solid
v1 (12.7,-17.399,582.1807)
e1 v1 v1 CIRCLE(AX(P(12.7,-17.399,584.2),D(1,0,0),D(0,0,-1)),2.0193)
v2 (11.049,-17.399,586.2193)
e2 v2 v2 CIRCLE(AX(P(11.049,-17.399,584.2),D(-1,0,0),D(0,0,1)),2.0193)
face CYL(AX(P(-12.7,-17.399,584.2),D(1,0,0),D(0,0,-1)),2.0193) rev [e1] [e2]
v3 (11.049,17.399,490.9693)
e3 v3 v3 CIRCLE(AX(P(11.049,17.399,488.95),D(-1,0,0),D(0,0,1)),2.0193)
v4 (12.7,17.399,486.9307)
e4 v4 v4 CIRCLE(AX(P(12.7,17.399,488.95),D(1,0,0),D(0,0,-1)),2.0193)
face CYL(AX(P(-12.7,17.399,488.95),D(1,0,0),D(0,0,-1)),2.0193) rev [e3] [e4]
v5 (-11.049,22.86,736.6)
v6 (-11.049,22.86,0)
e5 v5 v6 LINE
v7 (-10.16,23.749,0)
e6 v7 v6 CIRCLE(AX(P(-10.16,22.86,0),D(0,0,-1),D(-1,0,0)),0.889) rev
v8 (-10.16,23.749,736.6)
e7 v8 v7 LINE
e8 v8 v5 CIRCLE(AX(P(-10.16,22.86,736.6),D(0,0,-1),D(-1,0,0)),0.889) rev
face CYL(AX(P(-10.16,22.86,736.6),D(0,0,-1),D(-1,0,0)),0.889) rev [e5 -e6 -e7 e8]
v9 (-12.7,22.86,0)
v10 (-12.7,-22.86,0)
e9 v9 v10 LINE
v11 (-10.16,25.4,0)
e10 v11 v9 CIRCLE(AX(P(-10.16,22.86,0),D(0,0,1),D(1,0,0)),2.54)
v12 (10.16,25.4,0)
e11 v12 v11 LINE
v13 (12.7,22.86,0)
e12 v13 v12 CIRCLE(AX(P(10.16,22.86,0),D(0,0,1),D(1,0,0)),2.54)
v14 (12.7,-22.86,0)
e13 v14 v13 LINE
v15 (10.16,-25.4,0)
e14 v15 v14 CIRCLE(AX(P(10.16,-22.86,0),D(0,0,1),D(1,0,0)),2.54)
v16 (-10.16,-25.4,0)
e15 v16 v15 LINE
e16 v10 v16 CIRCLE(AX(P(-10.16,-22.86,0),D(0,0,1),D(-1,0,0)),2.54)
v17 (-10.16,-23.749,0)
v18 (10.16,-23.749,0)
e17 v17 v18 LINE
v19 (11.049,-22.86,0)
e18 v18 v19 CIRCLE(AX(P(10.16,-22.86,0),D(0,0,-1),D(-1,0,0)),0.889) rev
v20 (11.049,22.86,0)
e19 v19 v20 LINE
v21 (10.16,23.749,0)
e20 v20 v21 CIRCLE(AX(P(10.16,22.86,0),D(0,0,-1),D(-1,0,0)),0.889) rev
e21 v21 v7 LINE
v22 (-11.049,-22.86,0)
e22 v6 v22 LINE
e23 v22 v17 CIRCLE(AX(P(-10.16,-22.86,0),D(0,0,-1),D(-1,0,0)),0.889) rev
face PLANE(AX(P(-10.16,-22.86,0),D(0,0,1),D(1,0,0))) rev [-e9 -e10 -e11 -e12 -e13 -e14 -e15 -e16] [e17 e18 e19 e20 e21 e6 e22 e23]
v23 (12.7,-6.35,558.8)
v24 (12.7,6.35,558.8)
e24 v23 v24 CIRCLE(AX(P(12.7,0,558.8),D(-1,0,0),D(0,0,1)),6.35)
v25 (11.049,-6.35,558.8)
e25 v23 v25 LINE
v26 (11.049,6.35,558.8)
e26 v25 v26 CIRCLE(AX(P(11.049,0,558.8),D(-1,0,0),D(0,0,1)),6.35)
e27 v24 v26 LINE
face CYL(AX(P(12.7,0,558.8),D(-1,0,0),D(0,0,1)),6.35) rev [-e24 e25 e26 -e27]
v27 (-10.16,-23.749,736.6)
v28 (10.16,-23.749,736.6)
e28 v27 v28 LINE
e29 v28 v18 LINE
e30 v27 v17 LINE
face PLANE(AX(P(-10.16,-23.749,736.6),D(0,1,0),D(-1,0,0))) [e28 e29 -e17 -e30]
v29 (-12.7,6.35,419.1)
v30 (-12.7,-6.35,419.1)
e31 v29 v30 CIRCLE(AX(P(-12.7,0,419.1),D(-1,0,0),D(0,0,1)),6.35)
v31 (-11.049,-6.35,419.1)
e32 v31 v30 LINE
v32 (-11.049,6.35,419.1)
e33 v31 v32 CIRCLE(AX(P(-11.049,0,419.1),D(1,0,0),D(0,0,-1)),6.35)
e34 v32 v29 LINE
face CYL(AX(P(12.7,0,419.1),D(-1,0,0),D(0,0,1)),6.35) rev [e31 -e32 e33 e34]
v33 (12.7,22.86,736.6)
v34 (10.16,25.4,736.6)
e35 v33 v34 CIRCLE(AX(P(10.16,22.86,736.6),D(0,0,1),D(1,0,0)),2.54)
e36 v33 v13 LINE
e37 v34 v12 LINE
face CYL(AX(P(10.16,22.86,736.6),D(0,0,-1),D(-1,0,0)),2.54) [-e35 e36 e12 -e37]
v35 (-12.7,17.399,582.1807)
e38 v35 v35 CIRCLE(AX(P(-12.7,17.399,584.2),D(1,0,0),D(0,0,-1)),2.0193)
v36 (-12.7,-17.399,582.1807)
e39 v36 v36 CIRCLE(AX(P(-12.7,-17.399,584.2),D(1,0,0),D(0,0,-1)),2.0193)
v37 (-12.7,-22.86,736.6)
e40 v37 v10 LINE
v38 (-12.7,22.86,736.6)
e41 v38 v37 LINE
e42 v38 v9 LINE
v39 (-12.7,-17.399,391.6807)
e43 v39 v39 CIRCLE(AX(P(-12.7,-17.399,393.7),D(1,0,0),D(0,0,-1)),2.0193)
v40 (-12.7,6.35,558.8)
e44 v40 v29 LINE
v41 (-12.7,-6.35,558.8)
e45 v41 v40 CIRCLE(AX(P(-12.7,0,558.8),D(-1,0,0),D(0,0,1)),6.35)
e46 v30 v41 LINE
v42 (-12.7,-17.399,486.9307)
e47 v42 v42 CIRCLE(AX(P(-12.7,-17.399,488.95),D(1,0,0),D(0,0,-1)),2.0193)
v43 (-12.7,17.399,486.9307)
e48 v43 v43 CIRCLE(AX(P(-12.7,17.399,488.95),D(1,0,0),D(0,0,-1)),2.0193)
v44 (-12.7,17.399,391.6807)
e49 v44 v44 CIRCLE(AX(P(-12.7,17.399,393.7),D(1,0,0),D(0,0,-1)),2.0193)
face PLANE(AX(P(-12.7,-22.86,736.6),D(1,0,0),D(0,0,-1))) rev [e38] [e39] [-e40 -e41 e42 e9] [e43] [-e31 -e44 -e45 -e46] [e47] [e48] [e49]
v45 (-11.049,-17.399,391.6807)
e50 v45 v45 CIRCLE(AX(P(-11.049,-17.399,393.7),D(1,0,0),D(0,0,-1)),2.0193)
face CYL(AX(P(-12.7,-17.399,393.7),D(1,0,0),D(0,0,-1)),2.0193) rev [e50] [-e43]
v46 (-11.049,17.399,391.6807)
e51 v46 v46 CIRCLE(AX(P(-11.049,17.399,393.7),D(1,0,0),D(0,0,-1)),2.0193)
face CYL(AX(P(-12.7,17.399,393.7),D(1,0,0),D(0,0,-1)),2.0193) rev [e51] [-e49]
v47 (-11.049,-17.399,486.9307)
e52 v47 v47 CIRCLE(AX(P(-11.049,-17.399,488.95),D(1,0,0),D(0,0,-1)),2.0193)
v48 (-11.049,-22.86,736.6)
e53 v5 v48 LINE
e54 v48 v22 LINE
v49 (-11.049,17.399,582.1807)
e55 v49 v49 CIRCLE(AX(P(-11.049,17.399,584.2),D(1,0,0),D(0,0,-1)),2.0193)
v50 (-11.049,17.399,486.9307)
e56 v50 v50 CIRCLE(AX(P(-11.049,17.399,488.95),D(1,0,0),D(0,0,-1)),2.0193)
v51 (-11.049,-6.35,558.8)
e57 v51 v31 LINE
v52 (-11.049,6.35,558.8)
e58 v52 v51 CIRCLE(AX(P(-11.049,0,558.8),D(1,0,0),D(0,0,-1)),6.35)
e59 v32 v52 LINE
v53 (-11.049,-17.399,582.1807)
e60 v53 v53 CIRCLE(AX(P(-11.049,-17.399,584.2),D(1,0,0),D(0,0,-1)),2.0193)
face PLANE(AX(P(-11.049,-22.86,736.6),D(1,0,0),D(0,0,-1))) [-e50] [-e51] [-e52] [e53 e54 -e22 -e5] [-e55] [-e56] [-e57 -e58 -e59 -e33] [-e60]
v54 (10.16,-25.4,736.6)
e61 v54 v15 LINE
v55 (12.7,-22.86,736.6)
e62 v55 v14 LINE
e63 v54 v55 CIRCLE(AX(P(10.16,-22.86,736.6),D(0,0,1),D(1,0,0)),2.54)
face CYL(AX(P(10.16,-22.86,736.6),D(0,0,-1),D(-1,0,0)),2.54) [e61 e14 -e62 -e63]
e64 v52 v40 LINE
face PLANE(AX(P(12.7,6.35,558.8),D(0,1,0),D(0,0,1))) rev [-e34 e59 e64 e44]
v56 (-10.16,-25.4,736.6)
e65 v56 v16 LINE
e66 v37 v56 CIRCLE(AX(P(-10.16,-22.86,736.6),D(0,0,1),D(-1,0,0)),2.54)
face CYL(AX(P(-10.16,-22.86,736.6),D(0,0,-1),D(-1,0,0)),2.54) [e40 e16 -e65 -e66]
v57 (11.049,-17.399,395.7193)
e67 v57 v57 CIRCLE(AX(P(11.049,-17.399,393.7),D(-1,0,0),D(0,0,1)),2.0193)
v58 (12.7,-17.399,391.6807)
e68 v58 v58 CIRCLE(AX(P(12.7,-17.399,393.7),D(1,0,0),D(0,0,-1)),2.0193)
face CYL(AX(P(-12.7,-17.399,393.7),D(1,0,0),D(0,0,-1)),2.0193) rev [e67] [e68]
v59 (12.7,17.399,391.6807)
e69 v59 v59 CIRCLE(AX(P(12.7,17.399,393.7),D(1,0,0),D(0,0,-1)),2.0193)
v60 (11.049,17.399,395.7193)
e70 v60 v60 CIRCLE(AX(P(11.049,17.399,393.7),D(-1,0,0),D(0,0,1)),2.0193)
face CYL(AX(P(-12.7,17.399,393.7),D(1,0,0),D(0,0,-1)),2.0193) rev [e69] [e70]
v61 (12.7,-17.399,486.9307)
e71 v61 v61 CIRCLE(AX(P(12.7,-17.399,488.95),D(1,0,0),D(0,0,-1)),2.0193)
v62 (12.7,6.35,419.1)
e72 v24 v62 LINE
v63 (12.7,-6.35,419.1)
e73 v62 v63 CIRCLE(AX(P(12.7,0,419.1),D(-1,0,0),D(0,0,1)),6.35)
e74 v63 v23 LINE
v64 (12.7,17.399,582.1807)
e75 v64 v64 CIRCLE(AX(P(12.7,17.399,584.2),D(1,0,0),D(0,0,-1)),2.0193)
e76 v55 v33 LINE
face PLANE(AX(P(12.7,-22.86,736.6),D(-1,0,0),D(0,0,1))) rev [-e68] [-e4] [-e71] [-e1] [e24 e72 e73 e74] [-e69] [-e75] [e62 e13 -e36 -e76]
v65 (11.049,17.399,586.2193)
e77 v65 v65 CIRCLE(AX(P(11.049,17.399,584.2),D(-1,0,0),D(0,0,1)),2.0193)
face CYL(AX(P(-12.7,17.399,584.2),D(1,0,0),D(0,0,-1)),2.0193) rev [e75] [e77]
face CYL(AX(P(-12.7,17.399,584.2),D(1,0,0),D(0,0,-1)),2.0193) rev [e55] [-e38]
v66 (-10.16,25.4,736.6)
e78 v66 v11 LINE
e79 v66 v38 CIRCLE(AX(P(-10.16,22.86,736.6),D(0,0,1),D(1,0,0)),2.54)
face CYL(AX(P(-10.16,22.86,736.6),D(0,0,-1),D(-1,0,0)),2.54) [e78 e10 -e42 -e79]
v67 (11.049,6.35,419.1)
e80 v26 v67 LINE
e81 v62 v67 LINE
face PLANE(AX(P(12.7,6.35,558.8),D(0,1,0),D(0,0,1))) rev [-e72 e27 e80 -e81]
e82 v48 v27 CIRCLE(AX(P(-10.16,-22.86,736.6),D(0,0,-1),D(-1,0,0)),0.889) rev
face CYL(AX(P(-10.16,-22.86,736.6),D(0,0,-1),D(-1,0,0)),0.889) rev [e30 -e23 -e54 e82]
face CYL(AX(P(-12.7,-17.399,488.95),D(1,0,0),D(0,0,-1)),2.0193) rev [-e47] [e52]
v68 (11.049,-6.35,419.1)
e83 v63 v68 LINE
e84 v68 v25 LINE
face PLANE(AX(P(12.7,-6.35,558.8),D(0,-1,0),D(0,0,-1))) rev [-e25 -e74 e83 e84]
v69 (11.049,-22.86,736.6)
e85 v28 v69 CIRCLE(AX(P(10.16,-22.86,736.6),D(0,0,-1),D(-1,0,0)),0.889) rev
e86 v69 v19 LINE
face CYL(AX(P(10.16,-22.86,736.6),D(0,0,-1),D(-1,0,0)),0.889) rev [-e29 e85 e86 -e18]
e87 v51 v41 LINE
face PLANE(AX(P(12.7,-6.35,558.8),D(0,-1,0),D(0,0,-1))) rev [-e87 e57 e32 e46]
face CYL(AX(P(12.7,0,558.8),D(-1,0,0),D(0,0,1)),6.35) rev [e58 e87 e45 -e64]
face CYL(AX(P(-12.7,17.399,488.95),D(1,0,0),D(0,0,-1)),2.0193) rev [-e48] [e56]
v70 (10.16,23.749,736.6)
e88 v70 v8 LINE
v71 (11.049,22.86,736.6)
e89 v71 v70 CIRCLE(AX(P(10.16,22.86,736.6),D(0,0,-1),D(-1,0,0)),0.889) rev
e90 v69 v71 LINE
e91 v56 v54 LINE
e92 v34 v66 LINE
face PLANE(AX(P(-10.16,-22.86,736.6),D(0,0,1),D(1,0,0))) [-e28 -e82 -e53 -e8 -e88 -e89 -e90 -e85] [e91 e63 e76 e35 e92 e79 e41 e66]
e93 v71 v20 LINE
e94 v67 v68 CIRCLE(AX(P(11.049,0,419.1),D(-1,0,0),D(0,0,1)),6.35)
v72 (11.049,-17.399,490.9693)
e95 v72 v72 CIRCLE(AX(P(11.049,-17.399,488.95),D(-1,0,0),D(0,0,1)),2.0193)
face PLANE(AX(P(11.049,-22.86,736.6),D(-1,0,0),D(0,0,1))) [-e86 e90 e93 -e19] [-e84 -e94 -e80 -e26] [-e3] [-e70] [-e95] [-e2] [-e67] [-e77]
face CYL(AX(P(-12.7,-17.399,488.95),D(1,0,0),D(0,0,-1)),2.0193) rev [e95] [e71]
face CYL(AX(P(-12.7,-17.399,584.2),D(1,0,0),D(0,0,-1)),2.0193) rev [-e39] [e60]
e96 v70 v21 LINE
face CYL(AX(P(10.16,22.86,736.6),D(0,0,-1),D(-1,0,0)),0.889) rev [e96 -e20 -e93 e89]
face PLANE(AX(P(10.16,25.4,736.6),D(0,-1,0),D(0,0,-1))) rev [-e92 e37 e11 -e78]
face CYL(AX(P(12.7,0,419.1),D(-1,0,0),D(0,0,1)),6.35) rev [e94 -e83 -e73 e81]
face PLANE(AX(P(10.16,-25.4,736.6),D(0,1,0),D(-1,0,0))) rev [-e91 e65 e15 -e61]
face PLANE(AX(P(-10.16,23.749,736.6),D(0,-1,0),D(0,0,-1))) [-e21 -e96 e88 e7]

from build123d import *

# Parameters (mm, degrees)
EXTRUDE_THIN1_DEPTH = 736.6
CUT_EXTRUDE2_DEPTH  = 738.475341961
SKETCH5_R           = 2.0193
CUT_EXTRUDE3_DEPTH  = 738.475341961


with BuildPart() as part:
    # Sketch1 → Extrude-Thin1 (new body)
    with BuildSketch(Plane.XY):
        with BuildLine():
            Line((-10.16, 25.4), (10.16, 25.4))
            ThreePointArc((10.16, 25.4), (11.956051224, 24.656051224), (12.7, 22.86))
            Line((12.7, 22.86), (12.7, -22.86))
            ThreePointArc((12.7, -22.86), (11.956051224, -24.656051224), (10.16, -25.4))
            Line((10.16, -25.4), (-10.16, -25.4))
            ThreePointArc((-10.16, -25.4), (-11.956051224, -24.656051224), (-12.7, -22.86))
            Line((-12.7, -22.86), (-12.7, 22.86))
            ThreePointArc((-12.7, 22.86), (-11.956051224, 24.656051224), (-10.16, 25.4))
        make_face()
        with BuildLine():
            Line((-10.16, 23.749), (10.16, 23.749))
            ThreePointArc((10.16, 23.749), (10.788617928, 23.488617928), (11.049, 22.86))
            Line((11.049, 22.86), (11.049, -22.86))
            ThreePointArc((11.049, -22.86), (10.788617928, -23.488617928), (10.16, -23.749))
            Line((10.16, -23.749), (-10.16, -23.749))
            ThreePointArc((-10.16, -23.749), (-10.788617928, -23.488617928), (-11.049, -22.86))
            Line((-11.049, -22.86), (-11.049, 22.86))
            ThreePointArc((-11.049, 22.86), (-10.788617928, 23.488617928), (-10.16, 23.749))
        make_face(mode=Mode.SUBTRACT)
    extrude(amount=EXTRUDE_THIN1_DEPTH)

    # Sketch3 → Cut-Extrude2 (cut, through all)
    with BuildSketch(Plane.ZY.offset(12.7)):
        with BuildLine():
            Line((558.8, -6.35), (419.1, -6.35))
            ThreePointArc((419.1, -6.35), (412.75, 0), (419.1, 6.35))
            Line((419.1, 6.35), (558.8, 6.35))
            ThreePointArc((558.8, 6.35), (565.15, 0), (558.8, -6.35))
        make_face()
    extrude(amount=-CUT_EXTRUDE2_DEPTH, mode=Mode.SUBTRACT)

    # Sketch5 → Cut-Extrude3 (cut, through all)
    with BuildSketch(Plane(origin=(12.7, 0, 0), x_dir=(0, 0, -1), z_dir=(1, 0, 0))):
        with Locations((-393.7, 17.399)):
            Circle(SKETCH5_R)
        with Locations((-393.7, -17.399)):
            Circle(SKETCH5_R)
        with Locations((-488.95, 17.399)):
            Circle(SKETCH5_R)
        with Locations((-488.95, -17.399)):
            Circle(SKETCH5_R)
        with Locations((-584.2, -17.399)):
            Circle(SKETCH5_R)
        with Locations((-584.2, 17.399)):
            Circle(SKETCH5_R)
    extrude(amount=-CUT_EXTRUDE3_DEPTH, mode=Mode.SUBTRACT)


solid = part.part
